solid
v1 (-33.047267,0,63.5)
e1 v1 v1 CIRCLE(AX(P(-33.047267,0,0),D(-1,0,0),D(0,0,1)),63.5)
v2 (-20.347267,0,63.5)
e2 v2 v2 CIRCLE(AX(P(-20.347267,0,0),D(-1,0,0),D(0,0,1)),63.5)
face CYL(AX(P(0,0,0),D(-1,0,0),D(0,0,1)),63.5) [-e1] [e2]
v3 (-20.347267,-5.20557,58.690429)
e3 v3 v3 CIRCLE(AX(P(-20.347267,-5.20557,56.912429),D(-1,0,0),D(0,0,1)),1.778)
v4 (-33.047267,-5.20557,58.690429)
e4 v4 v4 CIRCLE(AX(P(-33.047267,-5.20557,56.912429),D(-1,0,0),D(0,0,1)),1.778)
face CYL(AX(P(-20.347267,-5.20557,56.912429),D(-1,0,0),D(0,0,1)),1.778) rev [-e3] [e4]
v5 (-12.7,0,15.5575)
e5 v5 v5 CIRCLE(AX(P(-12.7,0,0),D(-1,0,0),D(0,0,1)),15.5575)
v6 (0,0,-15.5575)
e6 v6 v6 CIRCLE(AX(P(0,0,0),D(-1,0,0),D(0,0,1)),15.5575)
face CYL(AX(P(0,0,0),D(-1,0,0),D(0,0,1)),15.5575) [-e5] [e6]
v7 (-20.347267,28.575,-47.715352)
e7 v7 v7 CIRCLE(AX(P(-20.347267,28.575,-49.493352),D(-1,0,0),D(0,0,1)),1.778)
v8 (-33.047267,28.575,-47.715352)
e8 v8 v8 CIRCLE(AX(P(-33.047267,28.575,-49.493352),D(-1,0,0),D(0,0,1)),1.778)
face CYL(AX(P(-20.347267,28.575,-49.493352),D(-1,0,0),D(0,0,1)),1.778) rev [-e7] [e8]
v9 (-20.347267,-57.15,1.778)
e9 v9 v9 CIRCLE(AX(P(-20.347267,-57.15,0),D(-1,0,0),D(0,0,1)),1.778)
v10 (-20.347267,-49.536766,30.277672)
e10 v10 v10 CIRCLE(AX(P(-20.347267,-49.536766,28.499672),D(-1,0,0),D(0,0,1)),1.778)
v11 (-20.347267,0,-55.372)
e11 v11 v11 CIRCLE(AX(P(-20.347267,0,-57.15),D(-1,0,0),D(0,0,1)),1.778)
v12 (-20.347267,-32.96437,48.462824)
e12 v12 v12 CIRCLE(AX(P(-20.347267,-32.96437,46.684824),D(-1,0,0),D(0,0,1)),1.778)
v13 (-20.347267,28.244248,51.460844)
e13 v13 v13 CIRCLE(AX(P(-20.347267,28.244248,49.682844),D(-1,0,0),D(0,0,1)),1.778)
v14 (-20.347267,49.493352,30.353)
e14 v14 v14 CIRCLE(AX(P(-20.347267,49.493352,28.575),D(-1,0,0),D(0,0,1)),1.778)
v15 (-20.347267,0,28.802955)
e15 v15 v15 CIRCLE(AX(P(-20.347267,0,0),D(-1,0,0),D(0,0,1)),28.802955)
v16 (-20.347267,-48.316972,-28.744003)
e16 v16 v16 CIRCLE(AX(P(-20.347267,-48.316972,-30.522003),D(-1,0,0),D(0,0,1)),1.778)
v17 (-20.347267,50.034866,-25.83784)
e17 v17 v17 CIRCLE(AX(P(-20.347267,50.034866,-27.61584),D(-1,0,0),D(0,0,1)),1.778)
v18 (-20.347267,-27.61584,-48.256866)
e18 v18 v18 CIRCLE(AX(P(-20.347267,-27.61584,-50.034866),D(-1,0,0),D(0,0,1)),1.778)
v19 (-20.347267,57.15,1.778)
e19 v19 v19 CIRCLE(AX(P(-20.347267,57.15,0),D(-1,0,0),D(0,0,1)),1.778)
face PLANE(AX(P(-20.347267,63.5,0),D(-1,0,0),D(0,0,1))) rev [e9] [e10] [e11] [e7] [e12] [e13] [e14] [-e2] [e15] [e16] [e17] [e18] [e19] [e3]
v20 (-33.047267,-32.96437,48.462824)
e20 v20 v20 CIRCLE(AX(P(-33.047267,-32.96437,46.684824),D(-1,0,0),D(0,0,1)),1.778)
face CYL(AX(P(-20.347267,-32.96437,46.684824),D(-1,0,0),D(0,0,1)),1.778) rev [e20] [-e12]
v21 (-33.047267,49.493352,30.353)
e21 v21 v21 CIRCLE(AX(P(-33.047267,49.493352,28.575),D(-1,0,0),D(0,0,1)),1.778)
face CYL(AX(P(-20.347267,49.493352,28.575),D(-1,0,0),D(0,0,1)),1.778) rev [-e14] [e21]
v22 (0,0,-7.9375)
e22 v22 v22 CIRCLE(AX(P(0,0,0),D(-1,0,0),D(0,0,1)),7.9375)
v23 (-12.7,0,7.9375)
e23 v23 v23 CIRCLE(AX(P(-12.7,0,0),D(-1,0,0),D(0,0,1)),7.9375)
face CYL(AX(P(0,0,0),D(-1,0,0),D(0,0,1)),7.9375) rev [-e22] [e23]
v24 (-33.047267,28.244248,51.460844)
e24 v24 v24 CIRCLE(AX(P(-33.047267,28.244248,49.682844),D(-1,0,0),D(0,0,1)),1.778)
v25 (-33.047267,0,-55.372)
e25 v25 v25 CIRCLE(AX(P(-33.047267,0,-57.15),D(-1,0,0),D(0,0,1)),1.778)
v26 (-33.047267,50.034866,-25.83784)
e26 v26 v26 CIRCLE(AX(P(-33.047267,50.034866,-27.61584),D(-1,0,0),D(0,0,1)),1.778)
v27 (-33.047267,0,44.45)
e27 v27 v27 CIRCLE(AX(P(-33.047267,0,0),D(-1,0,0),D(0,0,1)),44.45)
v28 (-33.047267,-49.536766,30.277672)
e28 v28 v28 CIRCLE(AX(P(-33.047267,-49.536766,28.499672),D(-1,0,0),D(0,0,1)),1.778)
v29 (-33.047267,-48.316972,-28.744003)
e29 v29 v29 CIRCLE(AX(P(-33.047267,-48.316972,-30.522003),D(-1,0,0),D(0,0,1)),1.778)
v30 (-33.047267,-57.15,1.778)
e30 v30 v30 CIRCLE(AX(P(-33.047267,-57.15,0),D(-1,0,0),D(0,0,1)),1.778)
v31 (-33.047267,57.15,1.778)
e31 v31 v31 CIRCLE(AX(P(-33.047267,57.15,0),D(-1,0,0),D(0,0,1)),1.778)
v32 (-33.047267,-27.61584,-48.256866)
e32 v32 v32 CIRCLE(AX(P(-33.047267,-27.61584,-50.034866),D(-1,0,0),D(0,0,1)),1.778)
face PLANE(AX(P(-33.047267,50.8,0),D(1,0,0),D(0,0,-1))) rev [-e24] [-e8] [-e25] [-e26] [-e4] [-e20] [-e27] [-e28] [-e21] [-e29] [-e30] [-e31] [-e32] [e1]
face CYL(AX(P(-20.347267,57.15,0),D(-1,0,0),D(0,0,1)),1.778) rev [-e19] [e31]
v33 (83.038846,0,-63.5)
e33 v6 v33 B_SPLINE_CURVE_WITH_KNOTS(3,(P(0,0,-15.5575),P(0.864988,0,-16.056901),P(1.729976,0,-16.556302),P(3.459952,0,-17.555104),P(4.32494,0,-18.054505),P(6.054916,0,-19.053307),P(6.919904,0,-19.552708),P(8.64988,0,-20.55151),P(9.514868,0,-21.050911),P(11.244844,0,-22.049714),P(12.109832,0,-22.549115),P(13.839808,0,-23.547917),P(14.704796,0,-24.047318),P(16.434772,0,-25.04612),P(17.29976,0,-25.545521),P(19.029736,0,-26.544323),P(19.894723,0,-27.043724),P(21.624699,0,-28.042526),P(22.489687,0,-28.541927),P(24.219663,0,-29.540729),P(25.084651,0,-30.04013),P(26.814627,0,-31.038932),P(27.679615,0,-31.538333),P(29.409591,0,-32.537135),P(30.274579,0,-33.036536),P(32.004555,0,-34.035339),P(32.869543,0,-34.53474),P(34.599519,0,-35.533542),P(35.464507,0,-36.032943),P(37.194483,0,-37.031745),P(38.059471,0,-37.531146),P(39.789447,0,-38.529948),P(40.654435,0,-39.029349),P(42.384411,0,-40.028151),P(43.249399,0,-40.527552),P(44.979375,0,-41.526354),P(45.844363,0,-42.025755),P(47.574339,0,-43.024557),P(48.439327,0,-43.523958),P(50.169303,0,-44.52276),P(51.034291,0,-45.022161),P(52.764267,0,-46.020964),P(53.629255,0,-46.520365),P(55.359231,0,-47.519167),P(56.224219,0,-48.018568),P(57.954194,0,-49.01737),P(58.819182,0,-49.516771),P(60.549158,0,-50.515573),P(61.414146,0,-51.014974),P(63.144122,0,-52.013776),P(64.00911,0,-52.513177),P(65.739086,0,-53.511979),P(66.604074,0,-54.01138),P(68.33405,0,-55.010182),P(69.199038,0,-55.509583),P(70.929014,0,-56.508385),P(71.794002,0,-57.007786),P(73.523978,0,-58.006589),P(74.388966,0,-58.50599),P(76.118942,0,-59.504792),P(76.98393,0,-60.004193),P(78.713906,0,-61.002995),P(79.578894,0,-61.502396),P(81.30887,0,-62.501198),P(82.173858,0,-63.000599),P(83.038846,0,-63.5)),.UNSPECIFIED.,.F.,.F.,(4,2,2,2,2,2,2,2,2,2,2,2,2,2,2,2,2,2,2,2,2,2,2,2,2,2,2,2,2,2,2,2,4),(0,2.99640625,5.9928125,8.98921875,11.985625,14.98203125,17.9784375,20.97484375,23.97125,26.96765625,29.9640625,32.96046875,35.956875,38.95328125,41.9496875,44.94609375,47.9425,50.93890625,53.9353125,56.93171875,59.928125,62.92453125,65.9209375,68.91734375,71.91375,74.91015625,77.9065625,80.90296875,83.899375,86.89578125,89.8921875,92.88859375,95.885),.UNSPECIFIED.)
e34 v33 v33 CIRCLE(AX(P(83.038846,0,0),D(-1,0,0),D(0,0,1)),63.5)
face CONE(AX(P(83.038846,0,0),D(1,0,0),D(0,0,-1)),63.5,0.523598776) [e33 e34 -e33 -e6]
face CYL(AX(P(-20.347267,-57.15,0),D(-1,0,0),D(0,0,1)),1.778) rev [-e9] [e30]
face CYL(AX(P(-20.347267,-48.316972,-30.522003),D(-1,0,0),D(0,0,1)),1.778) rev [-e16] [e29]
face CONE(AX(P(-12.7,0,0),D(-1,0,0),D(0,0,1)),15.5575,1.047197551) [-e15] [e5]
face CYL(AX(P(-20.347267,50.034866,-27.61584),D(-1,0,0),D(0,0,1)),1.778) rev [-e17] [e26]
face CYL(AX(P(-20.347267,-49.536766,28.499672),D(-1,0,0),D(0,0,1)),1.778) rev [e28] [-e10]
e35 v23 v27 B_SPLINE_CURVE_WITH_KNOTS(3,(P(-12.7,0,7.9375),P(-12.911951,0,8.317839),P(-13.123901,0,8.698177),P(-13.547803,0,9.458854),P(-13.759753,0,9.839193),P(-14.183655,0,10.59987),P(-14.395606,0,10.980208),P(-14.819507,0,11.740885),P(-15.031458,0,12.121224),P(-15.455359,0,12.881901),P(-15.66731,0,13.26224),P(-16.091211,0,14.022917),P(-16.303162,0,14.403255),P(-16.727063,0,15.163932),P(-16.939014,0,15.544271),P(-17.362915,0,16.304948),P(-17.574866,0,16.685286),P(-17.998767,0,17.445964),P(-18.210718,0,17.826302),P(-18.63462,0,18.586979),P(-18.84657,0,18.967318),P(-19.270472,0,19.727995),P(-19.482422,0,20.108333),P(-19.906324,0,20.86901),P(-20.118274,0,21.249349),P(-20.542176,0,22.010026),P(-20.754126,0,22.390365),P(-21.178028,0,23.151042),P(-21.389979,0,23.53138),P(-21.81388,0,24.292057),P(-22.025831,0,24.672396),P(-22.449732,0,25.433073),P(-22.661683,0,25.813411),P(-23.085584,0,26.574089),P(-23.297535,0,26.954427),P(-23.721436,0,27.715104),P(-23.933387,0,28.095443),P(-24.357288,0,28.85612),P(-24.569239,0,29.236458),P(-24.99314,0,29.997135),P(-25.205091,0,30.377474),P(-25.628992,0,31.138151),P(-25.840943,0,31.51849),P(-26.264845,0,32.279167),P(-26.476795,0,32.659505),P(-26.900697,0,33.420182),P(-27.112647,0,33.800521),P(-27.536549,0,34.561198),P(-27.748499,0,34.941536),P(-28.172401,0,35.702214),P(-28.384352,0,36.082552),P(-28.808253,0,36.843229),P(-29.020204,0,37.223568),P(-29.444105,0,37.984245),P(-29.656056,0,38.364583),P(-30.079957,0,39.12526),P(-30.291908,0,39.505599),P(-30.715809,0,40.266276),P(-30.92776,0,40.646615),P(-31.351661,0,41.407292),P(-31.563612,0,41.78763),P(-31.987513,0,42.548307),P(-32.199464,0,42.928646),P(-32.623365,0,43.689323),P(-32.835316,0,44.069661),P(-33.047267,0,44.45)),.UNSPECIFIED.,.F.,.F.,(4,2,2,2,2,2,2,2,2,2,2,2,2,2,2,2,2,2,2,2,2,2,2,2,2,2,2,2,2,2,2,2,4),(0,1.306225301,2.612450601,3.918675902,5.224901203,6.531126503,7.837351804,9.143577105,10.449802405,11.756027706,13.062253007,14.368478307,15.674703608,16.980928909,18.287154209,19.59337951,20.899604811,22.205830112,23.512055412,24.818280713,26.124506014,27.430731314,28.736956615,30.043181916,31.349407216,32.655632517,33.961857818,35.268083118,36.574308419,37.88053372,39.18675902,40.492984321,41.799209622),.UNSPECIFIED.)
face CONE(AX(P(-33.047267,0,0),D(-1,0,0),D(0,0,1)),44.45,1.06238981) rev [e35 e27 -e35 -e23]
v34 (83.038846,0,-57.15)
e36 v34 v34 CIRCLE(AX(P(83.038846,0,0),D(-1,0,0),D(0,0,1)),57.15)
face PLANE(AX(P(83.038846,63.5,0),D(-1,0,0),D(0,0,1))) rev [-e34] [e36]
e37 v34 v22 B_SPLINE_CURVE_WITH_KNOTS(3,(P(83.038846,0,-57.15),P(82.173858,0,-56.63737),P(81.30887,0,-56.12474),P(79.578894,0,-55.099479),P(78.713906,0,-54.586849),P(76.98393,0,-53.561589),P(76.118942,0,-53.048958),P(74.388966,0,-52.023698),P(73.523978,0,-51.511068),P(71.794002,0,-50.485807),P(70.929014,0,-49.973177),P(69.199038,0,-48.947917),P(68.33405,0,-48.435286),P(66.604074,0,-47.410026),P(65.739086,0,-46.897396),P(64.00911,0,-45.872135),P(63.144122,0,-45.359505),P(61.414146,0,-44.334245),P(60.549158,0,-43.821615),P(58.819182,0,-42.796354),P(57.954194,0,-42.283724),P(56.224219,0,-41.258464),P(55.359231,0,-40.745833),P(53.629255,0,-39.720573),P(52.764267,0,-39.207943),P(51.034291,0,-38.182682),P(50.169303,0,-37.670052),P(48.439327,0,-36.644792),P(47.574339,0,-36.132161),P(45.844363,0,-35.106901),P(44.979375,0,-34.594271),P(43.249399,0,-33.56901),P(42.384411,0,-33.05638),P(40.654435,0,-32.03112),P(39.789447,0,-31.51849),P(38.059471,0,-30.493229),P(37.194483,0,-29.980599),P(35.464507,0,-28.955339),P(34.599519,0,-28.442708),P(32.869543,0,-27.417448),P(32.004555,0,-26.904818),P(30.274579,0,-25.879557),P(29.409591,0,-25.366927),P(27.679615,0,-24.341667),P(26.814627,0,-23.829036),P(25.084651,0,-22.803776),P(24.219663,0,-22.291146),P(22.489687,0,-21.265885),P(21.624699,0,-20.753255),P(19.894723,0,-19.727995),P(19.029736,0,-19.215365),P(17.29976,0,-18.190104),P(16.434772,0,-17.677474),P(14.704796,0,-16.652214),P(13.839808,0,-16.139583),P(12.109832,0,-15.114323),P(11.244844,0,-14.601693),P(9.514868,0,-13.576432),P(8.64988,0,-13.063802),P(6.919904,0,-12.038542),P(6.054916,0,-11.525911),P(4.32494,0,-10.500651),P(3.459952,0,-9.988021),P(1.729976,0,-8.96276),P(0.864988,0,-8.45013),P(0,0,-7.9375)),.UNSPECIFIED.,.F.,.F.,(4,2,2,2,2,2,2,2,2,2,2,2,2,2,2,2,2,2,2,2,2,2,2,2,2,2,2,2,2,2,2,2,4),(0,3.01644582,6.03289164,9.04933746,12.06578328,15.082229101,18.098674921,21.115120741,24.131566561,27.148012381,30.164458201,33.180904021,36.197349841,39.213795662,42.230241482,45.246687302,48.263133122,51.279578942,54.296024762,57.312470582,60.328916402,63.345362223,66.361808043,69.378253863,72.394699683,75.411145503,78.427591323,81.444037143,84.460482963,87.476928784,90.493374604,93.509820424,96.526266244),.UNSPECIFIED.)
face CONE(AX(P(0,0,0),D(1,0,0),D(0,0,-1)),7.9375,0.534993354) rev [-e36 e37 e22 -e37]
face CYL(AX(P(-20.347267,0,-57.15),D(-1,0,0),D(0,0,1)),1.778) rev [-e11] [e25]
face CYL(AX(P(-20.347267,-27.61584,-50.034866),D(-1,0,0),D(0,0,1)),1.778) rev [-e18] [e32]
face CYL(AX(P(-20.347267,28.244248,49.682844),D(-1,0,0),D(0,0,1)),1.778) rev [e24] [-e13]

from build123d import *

# Parameters (mm, degrees)
SKETCH3_R          = 1.778
CUT_EXTRUDE1_DEPTH = 12.7


with BuildPart() as part:
    # Sketch1 → Revolve1 (revolve)
    with BuildSketch(Plane.XY, mode=Mode.PRIVATE) as revolve1_sk:
        Polygon((0, 15.5575), (83.038845842, 63.5), (83.038845842, 57.15), (0, 7.9375), (-12.7, 7.9375), (-33.047266862, 44.45), (-33.047266862, 50.8), (-33.047266862, 63.5), (-20.347266862, 63.5), (-20.347266862, 28.802954744), (-12.7, 15.5575), align=None)
    revolve(revolve1_sk.sketch.rotate(Axis((0, 0, 0), (1, 0, 0)), 90), axis=Axis((0, 0, 0), (1, 0, 0)))

    # Sketch3 → Cut-Extrude1 (cut)
    with BuildSketch(Plane.ZY.offset(33.047266862)):
        with Locations((56.912428742, -5.205569588)):
            Circle(SKETCH3_R)
        with Locations((0, 57.15)):
            Circle(SKETCH3_R)
        with Locations((-57.15, 0)):
            Circle(SKETCH3_R)
        with Locations((-27.61584041, 50.034866428)):
            Circle(SKETCH3_R)
        with Locations((-49.493351826, 28.575)):
            Circle(SKETCH3_R)
        with Locations((28.575, 49.493351826)):
            Circle(SKETCH3_R)
        with Locations((49.682843524, 28.244248253)):
            Circle(SKETCH3_R)
        with Locations((-30.522003084, -48.31697246)):
            Circle(SKETCH3_R)
        with Locations((-50.034866428, -27.61584041)):
            Circle(SKETCH3_R)
        with Locations((46.684824287, -32.964369875)):
            Circle(SKETCH3_R)
        with Locations((28.49967153, -49.536766373)):
            Circle(SKETCH3_R)
        with Locations((0, -57.15)):
            Circle(SKETCH3_R)
    extrude(amount=-CUT_EXTRUDE1_DEPTH, mode=Mode.SUBTRACT)


solid = part.part
